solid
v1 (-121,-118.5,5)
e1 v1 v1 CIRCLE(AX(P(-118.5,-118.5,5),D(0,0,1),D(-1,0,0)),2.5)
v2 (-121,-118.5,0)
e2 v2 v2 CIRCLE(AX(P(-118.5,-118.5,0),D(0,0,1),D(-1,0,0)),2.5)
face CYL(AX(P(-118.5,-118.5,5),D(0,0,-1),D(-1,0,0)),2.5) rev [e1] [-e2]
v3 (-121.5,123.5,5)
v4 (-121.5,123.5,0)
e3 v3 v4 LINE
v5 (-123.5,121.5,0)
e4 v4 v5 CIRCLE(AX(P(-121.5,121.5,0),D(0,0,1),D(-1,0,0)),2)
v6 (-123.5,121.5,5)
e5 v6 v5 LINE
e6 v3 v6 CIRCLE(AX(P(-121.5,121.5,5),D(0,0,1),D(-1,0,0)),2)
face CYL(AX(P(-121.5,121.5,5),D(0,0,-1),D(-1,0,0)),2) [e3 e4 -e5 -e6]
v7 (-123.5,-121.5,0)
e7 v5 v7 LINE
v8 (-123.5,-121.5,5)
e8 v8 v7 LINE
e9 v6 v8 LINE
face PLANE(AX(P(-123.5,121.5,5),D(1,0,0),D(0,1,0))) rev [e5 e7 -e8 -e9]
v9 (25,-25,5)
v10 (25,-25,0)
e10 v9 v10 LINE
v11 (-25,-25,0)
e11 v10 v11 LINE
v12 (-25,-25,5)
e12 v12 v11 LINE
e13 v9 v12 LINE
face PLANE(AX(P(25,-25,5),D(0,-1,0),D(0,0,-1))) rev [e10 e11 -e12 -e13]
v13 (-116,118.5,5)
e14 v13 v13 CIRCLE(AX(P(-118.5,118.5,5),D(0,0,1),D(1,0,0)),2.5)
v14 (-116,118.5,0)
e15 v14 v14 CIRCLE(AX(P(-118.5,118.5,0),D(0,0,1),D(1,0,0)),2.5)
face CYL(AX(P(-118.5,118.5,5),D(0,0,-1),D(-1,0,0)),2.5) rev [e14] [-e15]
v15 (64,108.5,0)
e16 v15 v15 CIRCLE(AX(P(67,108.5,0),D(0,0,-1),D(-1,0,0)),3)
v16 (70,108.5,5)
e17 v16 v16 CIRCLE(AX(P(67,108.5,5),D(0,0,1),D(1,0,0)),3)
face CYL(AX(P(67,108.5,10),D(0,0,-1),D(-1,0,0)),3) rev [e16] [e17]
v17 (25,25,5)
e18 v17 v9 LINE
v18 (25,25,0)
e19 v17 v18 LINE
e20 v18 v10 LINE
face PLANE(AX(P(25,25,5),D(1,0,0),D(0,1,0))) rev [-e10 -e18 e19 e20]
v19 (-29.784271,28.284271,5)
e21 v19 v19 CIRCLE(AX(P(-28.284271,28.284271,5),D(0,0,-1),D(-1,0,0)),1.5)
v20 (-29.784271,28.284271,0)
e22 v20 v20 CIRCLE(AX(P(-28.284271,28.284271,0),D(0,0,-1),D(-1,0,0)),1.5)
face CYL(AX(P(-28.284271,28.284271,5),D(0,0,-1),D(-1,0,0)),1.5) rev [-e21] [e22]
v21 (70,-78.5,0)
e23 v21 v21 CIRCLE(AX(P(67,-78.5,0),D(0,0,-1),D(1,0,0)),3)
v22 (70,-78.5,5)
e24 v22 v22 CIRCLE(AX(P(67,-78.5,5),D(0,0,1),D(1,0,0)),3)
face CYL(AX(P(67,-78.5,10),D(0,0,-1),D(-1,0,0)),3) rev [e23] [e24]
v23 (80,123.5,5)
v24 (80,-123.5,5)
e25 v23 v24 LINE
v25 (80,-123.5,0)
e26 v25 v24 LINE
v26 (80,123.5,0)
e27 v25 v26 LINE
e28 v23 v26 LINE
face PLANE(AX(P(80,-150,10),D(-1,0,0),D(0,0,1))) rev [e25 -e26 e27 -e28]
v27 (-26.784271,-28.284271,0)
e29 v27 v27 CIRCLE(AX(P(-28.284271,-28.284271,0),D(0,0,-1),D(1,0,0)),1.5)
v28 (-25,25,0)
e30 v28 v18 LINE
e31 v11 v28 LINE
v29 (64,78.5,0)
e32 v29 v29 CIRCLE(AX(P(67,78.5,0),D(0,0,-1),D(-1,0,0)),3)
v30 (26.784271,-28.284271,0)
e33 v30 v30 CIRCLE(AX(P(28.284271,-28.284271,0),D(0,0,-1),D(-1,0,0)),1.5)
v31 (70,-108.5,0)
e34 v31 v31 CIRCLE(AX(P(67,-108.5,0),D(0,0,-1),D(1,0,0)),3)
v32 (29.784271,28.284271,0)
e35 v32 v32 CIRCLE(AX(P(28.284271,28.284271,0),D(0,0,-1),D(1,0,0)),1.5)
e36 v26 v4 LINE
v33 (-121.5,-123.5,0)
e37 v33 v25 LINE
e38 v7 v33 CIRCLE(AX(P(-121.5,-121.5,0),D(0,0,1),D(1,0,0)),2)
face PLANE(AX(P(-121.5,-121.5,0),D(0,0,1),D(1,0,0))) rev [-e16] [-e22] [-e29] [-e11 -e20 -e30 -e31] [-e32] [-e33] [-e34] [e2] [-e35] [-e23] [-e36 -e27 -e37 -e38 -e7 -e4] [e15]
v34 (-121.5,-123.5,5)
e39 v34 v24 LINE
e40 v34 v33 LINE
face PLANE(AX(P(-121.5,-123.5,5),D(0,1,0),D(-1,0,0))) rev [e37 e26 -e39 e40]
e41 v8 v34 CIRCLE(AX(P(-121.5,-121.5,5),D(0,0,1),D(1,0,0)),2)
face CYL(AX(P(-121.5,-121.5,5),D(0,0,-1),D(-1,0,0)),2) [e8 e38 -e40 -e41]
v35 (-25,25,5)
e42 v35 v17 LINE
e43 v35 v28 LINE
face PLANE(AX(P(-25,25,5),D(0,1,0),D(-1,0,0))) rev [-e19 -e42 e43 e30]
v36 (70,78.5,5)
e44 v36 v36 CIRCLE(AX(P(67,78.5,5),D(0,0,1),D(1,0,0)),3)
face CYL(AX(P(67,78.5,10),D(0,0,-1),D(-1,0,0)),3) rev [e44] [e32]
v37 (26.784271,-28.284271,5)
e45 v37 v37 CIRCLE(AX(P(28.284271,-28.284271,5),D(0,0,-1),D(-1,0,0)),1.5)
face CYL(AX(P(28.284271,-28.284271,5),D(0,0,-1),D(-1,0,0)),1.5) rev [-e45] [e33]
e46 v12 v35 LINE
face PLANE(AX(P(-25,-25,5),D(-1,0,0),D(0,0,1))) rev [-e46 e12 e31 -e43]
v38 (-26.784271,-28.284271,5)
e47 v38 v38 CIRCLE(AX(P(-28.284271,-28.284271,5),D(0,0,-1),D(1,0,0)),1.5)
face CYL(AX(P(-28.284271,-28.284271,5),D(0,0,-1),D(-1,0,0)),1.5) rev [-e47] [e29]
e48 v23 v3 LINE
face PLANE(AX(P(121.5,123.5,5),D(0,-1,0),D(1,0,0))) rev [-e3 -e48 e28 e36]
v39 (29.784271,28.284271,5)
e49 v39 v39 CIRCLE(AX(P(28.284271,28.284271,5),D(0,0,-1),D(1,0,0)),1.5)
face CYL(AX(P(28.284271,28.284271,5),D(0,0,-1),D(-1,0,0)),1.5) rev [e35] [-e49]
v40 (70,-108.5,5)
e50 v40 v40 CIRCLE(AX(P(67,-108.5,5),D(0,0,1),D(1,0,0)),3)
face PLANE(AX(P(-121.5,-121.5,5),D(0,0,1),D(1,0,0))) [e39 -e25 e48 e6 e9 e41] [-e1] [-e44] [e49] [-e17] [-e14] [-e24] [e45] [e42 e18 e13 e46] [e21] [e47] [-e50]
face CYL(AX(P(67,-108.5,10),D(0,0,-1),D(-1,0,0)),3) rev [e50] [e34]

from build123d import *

# Parameters (mm, degrees)
SKETCH1_R           = 2.5
BOSS_EXTRUDE1_DEPTH = 5
SKETCH2_R           = 1.5
SKETCH2_W           = 50
SKETCH2_H           = 50
CUT_EXTRUDE1_DEPTH  = 5
SKETCH3_W           = 80
SKETCH3_H           = 300
CUT_EXTRUDE2_DEPTH  = 10
SKETCH5_R           = 3
CUT_EXTRUDE4_DEPTH  = 10
SKETCH4_R           = 3
CUT_EXTRUDE3_DEPTH  = 10


with BuildPart() as part:
    # Sketch1 → Boss-Extrude1 (new body)
    with BuildSketch(Plane.XY):
        with BuildLine():
            Line((-123.5, 121.5), (-123.5, -121.5))
            ThreePointArc((-123.5, -121.5), (-122.914213562, -122.914213562), (-121.5, -123.5))
            Line((-121.5, -123.5), (121.5, -123.5))
            ThreePointArc((121.5, -123.5), (122.914213562, -122.914213562), (123.5, -121.5))
            Line((123.5, -121.5), (123.5, 121.5))
            ThreePointArc((123.5, 121.5), (122.914213562, 122.914213562), (121.5, 123.5))
            Line((121.5, 123.5), (-121.5, 123.5))
            ThreePointArc((-121.5, 123.5), (-122.914213562, 122.914213562), (-123.5, 121.5))
        make_face()
        with Locations((-118.5, 118.5)):
            Circle(SKETCH1_R, mode=Mode.SUBTRACT)
        with Locations((118.5, 118.5)):
            Circle(SKETCH1_R, mode=Mode.SUBTRACT)
        with Locations((118.5, -118.5)):
            Circle(SKETCH1_R, mode=Mode.SUBTRACT)
        with Locations((-118.5, -118.5)):
            Circle(SKETCH1_R, mode=Mode.SUBTRACT)
    extrude(amount=BOSS_EXTRUDE1_DEPTH)

    # Sketch2 → Cut-Extrude1 (cut)
    with BuildSketch(Plane(origin=(0, 0, 0), x_dir=(-1, 0, 0), z_dir=(0, 0, -1))):
        with Locations((28.284271247, 28.284271247)):
            Circle(SKETCH2_R)
        with Locations((28.284271247, -28.284271247)):
            Circle(SKETCH2_R)
        with Locations((-28.284271247, -28.284271247)):
            Circle(SKETCH2_R)
        with Locations((-28.284271247, 28.284271247)):
            Circle(SKETCH2_R)
        Rectangle(SKETCH2_W, SKETCH2_H)
    extrude(amount=-CUT_EXTRUDE1_DEPTH, mode=Mode.SUBTRACT)

    # Sketch3 → Cut-Extrude2 (cut)
    with BuildSketch(Plane(origin=(0, 0, 0), x_dir=(-1, 0, 0), z_dir=(0, 0, -1))):
        with Locations((-120, 0)):
            Rectangle(SKETCH3_W, SKETCH3_H)
    extrude(amount=-CUT_EXTRUDE2_DEPTH, mode=Mode.SUBTRACT)

    # Sketch5 → Cut-Extrude4 (cut)
    with BuildSketch(Plane(origin=(0, 0, 0), x_dir=(-1, 0, 0), z_dir=(0, 0, -1))):
        with Locations((-67, 108.5)):
            Circle(SKETCH5_R)
        with Locations((-67, 78.5)):
            Circle(SKETCH5_R)
        with Locations((-67, -108.5)):
            Circle(SKETCH5_R)
        with Locations((-67, -78.5)):
            Circle(SKETCH5_R)
    extrude(amount=-CUT_EXTRUDE4_DEPTH, mode=Mode.SUBTRACT)

    # Sketch4 → Cut-Extrude3 (cut)
    with BuildSketch(Plane(origin=(0, 0, 0), x_dir=(-1, 0, 0), z_dir=(0, 0, -1))):
        with Locations((-93, 78.5)):
            Circle(SKETCH4_R)
        with Locations((-93, 108.5)):
            Circle(SKETCH4_R)
        with Locations((-93, -78.5)):
            Circle(SKETCH4_R)
        with Locations((-93, -108.5)):
            Circle(SKETCH4_R)
    extrude(amount=-CUT_EXTRUDE3_DEPTH, mode=Mode.SUBTRACT)


solid = part.part
